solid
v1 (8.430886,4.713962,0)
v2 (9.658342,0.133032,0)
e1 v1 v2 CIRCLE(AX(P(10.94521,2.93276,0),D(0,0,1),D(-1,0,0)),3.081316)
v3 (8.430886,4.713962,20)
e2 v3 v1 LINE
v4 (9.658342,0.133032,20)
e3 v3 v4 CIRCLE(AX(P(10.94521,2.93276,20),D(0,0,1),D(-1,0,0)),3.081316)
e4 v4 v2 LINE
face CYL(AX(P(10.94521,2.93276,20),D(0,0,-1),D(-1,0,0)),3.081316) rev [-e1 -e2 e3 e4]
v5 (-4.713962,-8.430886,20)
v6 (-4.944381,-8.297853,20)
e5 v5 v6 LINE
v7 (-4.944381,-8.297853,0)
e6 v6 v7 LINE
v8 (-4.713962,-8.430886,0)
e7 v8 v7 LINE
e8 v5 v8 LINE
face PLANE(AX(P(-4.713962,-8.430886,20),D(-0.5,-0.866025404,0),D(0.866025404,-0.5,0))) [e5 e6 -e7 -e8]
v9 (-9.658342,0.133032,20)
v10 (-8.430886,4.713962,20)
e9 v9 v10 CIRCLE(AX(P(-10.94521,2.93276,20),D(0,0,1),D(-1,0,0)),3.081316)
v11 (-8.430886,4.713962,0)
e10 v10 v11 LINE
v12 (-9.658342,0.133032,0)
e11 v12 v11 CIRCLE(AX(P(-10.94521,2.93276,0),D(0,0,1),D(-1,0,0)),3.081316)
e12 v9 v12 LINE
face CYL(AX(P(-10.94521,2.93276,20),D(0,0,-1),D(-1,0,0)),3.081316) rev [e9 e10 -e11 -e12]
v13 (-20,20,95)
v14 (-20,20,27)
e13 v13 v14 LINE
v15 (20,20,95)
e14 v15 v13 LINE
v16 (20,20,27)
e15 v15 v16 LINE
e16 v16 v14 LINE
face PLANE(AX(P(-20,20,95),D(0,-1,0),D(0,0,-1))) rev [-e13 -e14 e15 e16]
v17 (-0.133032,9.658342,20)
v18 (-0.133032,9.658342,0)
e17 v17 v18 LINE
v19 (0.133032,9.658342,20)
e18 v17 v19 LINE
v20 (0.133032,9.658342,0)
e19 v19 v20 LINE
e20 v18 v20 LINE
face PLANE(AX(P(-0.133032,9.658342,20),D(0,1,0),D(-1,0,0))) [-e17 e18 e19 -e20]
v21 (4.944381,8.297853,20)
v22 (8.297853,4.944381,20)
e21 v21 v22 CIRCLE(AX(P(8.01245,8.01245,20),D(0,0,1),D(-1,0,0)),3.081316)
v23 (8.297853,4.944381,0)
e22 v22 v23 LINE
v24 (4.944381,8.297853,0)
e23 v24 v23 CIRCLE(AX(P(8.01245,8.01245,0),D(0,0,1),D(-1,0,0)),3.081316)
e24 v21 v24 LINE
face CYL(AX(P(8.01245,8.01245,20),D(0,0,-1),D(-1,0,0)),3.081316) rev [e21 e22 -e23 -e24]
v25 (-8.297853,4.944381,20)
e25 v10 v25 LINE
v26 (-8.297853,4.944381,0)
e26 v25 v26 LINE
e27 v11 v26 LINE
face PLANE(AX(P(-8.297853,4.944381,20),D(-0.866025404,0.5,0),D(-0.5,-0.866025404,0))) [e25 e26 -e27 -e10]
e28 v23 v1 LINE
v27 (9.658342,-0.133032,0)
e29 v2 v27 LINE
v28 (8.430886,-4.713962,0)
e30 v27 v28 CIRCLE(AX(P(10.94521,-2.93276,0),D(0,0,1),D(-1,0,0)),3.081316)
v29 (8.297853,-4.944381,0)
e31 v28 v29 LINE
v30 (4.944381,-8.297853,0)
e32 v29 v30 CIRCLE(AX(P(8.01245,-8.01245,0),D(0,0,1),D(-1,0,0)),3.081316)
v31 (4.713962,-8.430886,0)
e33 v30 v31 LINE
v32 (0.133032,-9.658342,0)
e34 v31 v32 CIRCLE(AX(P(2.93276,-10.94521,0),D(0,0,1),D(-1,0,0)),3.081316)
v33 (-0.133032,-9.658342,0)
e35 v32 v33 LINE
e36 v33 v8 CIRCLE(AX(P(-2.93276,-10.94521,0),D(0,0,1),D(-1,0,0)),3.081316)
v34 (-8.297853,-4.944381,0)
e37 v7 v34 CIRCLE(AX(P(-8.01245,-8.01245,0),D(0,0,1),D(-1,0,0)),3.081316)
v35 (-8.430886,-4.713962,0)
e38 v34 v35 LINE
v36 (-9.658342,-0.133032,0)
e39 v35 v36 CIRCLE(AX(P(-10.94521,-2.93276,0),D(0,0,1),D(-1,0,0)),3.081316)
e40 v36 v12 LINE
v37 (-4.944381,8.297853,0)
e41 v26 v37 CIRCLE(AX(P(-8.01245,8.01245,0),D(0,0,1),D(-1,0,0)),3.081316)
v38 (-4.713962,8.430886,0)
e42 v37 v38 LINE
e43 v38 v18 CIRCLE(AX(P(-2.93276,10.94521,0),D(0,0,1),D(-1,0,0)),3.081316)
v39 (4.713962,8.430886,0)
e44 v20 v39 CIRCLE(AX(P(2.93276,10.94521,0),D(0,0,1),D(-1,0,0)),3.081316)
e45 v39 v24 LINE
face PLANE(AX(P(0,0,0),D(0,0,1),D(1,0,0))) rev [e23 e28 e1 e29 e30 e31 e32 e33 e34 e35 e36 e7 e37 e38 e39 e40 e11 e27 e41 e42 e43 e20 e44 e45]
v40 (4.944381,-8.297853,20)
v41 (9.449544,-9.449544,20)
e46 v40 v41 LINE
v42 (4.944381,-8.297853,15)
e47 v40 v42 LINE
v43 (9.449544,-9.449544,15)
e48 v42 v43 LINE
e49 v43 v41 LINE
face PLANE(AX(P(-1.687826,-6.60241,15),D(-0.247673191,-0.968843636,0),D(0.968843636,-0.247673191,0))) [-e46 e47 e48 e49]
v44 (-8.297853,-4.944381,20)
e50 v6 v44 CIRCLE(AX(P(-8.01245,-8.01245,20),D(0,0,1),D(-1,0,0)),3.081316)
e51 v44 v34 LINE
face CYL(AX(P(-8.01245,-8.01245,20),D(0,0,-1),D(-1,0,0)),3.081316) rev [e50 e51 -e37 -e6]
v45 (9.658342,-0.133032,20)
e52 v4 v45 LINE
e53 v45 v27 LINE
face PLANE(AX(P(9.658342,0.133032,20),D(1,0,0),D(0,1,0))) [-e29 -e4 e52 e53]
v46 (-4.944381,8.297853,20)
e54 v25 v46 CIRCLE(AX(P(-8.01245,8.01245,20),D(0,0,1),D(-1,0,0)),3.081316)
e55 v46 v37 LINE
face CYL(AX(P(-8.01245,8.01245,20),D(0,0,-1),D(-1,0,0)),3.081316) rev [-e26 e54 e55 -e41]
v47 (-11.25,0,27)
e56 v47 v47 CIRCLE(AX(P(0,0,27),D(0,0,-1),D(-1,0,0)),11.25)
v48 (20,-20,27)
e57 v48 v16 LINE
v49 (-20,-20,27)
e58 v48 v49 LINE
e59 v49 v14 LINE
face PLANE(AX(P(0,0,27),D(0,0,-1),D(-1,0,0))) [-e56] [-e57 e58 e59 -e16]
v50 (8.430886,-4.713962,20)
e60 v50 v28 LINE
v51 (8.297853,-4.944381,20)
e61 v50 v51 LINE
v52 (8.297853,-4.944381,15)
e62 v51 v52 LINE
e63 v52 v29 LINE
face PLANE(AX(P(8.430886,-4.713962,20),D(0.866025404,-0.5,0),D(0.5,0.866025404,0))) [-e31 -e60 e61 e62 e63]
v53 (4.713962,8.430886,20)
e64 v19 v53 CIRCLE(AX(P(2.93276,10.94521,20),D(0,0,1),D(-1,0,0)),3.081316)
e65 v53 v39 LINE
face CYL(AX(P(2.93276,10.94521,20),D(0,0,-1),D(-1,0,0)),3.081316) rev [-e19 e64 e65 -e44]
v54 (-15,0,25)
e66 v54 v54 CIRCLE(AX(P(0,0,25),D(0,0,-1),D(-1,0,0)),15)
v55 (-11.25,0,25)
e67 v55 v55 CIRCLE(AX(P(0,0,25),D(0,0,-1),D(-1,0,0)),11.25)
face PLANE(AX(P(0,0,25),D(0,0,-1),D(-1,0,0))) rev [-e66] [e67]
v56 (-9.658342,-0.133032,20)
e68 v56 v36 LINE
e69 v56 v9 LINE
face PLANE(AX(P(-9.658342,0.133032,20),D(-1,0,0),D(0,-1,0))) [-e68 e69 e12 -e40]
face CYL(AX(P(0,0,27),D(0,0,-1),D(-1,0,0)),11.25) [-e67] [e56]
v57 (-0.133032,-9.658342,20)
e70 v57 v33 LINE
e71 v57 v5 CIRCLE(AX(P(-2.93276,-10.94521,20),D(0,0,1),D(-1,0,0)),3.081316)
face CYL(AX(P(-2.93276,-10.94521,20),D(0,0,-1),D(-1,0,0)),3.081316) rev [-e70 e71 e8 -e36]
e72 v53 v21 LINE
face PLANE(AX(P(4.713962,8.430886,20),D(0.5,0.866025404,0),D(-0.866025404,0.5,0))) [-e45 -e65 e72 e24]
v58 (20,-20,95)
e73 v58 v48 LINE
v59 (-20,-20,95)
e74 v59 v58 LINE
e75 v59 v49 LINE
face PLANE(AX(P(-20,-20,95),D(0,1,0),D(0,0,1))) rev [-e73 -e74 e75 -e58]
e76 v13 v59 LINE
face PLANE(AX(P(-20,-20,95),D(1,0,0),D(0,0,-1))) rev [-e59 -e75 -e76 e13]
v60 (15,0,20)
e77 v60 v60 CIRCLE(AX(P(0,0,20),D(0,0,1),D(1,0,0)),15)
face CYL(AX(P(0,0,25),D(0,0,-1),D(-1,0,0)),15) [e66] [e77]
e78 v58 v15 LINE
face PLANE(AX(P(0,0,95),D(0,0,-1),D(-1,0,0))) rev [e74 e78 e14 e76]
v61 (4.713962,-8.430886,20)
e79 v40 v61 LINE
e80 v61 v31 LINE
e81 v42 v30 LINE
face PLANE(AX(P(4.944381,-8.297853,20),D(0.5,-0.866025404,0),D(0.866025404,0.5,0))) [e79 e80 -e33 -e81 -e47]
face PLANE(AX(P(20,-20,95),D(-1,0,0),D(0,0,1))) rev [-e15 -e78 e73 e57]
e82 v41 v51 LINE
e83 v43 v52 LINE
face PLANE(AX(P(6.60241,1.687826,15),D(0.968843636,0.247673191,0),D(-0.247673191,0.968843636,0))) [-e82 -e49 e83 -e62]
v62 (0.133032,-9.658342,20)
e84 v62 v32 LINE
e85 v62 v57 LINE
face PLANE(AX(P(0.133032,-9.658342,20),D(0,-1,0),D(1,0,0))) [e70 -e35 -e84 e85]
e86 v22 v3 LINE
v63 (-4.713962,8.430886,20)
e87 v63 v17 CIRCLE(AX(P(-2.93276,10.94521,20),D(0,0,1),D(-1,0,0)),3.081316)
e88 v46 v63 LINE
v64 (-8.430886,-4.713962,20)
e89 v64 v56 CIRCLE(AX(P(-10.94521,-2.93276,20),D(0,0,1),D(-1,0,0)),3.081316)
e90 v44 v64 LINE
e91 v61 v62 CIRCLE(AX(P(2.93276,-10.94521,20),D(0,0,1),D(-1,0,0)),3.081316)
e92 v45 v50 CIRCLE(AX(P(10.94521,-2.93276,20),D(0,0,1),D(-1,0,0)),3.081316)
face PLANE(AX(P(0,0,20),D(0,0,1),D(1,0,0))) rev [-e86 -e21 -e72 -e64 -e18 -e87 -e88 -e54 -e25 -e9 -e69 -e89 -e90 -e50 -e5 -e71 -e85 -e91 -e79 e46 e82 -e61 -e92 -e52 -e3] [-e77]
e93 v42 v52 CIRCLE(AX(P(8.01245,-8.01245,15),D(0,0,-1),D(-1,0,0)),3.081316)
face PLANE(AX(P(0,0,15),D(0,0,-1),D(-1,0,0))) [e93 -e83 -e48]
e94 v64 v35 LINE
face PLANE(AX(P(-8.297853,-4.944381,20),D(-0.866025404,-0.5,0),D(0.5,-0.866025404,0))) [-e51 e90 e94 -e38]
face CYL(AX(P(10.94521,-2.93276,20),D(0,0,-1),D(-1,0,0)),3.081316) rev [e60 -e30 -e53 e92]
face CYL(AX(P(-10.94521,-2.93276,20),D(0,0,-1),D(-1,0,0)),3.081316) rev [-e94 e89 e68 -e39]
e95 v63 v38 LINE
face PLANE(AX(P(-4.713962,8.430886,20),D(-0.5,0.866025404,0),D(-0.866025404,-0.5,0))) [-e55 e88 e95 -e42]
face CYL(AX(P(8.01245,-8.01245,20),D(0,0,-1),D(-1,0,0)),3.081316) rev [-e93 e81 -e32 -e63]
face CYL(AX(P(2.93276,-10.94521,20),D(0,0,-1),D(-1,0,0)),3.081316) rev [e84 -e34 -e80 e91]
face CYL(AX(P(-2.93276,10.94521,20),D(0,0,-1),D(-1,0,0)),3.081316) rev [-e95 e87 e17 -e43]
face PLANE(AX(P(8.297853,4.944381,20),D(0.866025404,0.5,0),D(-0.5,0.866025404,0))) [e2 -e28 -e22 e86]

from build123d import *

# Parameters (mm, degrees)
CROQUIS1_R              = 10
SALIENTE_EXTRUIR1_DEPTH = 20
CROQUIS2_R              = 10
CORTAR_EXTRUIR2_DEPTH   = 20
CROQUIS3_R              = 15
SALIENTE_EXTRUIR2_DEPTH = 5
SALIENTE_EXTRUIR3_START = 5
SALIENTE_EXTRUIR3_DEPTH = 5
CROQUIS6_W              = 40
CROQUIS6_H              = 40
SALIENTE_EXTRUIR4_DEPTH = 70
CROQUIS8_W              = 40
CROQUIS8_H              = 40
CROQUIS8_R              = 11.25
CORTAR_EXTRUIR3_DEPTH   = 2


with BuildPart() as part:
    # Croquis1 → Saliente-Extruir1 (new body)
    with BuildSketch(Plane.XY):
        Circle(CROQUIS1_R)
    extrude(amount=SALIENTE_EXTRUIR1_DEPTH)

    # Croquis2 → Cortar-Extruir2 (cut)
    with BuildSketch(Plane(origin=(0, 0, 0), x_dir=(-1, 0, 0), z_dir=(0, 0, -1))):
        Circle(CROQUIS2_R)
        with BuildLine():
            Line((0.133032496, 9.658342122), (-0.133032496, 9.658342122))
            ThreePointArc((-0.133032496, 9.658342122), (-2.135257122, 7.968888067), (-4.71396154, 8.430885884))
            Line((-4.71396154, 8.430885884), (-4.944380582, 8.297853388))
            ThreePointArc((-4.944380582, 8.297853388), (-5.833630945, 5.833630945), (-8.297853388, 4.944380582))
            Line((-8.297853388, 4.944380582), (-8.430885884, 4.71396154))
            ThreePointArc((-8.430885884, 4.71396154), (-7.968888067, 2.135257122), (-9.658342122, 0.133032496))
            Line((-9.658342122, 0.133032496), (-9.658342122, -0.133032496))
            ThreePointArc((-9.658342122, -0.133032496), (-7.968888067, -2.135257122), (-8.430885884, -4.71396154))
            Line((-8.430885884, -4.71396154), (-8.297853388, -4.944380582))
            ThreePointArc((-8.297853388, -4.944380582), (-5.833630945, -5.833630945), (-4.944380582, -8.297853388))
            Line((-4.944380582, -8.297853388), (-4.71396154, -8.430885884))
            ThreePointArc((-4.71396154, -8.430885884), (-2.135257122, -7.968888067), (-0.133032496, -9.658342122))
            Line((-0.133032496, -9.658342122), (0.133032496, -9.658342122))
            ThreePointArc((0.133032496, -9.658342122), (2.135257122, -7.968888067), (4.71396154, -8.430885884))
            Line((4.71396154, -8.430885884), (4.944380582, -8.297853388))
            ThreePointArc((4.944380582, -8.297853388), (5.833630945, -5.833630945), (8.297853388, -4.944380582))
            Line((8.297853388, -4.944380582), (8.430885884, -4.71396154))
            ThreePointArc((8.430885884, -4.71396154), (7.968888067, -2.135257122), (9.658342122, -0.133032496))
            Line((9.658342122, -0.133032496), (9.658342122, 0.133032496))
            ThreePointArc((9.658342122, 0.133032496), (7.968888067, 2.135257122), (8.430885884, 4.71396154))
            Line((8.430885884, 4.71396154), (8.297853388, 4.944380582))
            ThreePointArc((8.297853388, 4.944380582), (5.833630945, 5.833630945), (4.944380582, 8.297853388))
            Line((4.944380582, 8.297853388), (4.71396154, 8.430885884))
            ThreePointArc((4.71396154, 8.430885884), (2.135257122, 7.968888067), (0.133032496, 9.658342122))
        make_face(mode=Mode.SUBTRACT)
    extrude(amount=-CORTAR_EXTRUIR2_DEPTH, mode=Mode.SUBTRACT)

    # Croquis3 → Saliente-Extruir2 (add)
    with BuildSketch(Plane.XY.offset(20)):
        Circle(CROQUIS3_R)
    extrude(amount=SALIENTE_EXTRUIR2_DEPTH)

    # Croquis4 → Saliente-Extruir3 (add)
    with BuildSketch(Plane(origin=(0, 0, 20), x_dir=(-1, 0, 0), z_dir=(0, 0, -1)).offset(SALIENTE_EXTRUIR3_START)):
        Polygon((-9.44954411, -9.44954411), (-6.621116985, -6.621116985), (-8.297853388, -4.944380582), align=None)
        Polygon((-9.44954411, -9.44954411), (-4.944380582, -8.297853388), (-6.621116985, -6.621116985), align=None)
        with BuildLine():
            Line((-4.944380582, -8.297853388), (-8.297853388, -4.944380582))
            ThreePointArc((-8.297853388, -4.944380582), (-5.833630945, -5.833630945), (-4.944380582, -8.297853388))
        make_face()
    extrude(amount=-SALIENTE_EXTRUIR3_DEPTH)

    # Croquis6 → Saliente-Extruir4 (add)
    with BuildSketch(Plane.XY.offset(25)):
        Rectangle(CROQUIS6_W, CROQUIS6_H)
    extrude(amount=SALIENTE_EXTRUIR4_DEPTH)

    # Croquis8 → Cortar-Extruir3 (cut)
    with BuildSketch(Plane(origin=(0, 0, 25), x_dir=(-1, 0, 0), z_dir=(0, 0, -1))):
        Rectangle(CROQUIS8_W, CROQUIS8_H)
        Circle(CROQUIS8_R, mode=Mode.SUBTRACT)
    extrude(amount=-CORTAR_EXTRUIR3_DEPTH, mode=Mode.SUBTRACT)


solid = part.part
